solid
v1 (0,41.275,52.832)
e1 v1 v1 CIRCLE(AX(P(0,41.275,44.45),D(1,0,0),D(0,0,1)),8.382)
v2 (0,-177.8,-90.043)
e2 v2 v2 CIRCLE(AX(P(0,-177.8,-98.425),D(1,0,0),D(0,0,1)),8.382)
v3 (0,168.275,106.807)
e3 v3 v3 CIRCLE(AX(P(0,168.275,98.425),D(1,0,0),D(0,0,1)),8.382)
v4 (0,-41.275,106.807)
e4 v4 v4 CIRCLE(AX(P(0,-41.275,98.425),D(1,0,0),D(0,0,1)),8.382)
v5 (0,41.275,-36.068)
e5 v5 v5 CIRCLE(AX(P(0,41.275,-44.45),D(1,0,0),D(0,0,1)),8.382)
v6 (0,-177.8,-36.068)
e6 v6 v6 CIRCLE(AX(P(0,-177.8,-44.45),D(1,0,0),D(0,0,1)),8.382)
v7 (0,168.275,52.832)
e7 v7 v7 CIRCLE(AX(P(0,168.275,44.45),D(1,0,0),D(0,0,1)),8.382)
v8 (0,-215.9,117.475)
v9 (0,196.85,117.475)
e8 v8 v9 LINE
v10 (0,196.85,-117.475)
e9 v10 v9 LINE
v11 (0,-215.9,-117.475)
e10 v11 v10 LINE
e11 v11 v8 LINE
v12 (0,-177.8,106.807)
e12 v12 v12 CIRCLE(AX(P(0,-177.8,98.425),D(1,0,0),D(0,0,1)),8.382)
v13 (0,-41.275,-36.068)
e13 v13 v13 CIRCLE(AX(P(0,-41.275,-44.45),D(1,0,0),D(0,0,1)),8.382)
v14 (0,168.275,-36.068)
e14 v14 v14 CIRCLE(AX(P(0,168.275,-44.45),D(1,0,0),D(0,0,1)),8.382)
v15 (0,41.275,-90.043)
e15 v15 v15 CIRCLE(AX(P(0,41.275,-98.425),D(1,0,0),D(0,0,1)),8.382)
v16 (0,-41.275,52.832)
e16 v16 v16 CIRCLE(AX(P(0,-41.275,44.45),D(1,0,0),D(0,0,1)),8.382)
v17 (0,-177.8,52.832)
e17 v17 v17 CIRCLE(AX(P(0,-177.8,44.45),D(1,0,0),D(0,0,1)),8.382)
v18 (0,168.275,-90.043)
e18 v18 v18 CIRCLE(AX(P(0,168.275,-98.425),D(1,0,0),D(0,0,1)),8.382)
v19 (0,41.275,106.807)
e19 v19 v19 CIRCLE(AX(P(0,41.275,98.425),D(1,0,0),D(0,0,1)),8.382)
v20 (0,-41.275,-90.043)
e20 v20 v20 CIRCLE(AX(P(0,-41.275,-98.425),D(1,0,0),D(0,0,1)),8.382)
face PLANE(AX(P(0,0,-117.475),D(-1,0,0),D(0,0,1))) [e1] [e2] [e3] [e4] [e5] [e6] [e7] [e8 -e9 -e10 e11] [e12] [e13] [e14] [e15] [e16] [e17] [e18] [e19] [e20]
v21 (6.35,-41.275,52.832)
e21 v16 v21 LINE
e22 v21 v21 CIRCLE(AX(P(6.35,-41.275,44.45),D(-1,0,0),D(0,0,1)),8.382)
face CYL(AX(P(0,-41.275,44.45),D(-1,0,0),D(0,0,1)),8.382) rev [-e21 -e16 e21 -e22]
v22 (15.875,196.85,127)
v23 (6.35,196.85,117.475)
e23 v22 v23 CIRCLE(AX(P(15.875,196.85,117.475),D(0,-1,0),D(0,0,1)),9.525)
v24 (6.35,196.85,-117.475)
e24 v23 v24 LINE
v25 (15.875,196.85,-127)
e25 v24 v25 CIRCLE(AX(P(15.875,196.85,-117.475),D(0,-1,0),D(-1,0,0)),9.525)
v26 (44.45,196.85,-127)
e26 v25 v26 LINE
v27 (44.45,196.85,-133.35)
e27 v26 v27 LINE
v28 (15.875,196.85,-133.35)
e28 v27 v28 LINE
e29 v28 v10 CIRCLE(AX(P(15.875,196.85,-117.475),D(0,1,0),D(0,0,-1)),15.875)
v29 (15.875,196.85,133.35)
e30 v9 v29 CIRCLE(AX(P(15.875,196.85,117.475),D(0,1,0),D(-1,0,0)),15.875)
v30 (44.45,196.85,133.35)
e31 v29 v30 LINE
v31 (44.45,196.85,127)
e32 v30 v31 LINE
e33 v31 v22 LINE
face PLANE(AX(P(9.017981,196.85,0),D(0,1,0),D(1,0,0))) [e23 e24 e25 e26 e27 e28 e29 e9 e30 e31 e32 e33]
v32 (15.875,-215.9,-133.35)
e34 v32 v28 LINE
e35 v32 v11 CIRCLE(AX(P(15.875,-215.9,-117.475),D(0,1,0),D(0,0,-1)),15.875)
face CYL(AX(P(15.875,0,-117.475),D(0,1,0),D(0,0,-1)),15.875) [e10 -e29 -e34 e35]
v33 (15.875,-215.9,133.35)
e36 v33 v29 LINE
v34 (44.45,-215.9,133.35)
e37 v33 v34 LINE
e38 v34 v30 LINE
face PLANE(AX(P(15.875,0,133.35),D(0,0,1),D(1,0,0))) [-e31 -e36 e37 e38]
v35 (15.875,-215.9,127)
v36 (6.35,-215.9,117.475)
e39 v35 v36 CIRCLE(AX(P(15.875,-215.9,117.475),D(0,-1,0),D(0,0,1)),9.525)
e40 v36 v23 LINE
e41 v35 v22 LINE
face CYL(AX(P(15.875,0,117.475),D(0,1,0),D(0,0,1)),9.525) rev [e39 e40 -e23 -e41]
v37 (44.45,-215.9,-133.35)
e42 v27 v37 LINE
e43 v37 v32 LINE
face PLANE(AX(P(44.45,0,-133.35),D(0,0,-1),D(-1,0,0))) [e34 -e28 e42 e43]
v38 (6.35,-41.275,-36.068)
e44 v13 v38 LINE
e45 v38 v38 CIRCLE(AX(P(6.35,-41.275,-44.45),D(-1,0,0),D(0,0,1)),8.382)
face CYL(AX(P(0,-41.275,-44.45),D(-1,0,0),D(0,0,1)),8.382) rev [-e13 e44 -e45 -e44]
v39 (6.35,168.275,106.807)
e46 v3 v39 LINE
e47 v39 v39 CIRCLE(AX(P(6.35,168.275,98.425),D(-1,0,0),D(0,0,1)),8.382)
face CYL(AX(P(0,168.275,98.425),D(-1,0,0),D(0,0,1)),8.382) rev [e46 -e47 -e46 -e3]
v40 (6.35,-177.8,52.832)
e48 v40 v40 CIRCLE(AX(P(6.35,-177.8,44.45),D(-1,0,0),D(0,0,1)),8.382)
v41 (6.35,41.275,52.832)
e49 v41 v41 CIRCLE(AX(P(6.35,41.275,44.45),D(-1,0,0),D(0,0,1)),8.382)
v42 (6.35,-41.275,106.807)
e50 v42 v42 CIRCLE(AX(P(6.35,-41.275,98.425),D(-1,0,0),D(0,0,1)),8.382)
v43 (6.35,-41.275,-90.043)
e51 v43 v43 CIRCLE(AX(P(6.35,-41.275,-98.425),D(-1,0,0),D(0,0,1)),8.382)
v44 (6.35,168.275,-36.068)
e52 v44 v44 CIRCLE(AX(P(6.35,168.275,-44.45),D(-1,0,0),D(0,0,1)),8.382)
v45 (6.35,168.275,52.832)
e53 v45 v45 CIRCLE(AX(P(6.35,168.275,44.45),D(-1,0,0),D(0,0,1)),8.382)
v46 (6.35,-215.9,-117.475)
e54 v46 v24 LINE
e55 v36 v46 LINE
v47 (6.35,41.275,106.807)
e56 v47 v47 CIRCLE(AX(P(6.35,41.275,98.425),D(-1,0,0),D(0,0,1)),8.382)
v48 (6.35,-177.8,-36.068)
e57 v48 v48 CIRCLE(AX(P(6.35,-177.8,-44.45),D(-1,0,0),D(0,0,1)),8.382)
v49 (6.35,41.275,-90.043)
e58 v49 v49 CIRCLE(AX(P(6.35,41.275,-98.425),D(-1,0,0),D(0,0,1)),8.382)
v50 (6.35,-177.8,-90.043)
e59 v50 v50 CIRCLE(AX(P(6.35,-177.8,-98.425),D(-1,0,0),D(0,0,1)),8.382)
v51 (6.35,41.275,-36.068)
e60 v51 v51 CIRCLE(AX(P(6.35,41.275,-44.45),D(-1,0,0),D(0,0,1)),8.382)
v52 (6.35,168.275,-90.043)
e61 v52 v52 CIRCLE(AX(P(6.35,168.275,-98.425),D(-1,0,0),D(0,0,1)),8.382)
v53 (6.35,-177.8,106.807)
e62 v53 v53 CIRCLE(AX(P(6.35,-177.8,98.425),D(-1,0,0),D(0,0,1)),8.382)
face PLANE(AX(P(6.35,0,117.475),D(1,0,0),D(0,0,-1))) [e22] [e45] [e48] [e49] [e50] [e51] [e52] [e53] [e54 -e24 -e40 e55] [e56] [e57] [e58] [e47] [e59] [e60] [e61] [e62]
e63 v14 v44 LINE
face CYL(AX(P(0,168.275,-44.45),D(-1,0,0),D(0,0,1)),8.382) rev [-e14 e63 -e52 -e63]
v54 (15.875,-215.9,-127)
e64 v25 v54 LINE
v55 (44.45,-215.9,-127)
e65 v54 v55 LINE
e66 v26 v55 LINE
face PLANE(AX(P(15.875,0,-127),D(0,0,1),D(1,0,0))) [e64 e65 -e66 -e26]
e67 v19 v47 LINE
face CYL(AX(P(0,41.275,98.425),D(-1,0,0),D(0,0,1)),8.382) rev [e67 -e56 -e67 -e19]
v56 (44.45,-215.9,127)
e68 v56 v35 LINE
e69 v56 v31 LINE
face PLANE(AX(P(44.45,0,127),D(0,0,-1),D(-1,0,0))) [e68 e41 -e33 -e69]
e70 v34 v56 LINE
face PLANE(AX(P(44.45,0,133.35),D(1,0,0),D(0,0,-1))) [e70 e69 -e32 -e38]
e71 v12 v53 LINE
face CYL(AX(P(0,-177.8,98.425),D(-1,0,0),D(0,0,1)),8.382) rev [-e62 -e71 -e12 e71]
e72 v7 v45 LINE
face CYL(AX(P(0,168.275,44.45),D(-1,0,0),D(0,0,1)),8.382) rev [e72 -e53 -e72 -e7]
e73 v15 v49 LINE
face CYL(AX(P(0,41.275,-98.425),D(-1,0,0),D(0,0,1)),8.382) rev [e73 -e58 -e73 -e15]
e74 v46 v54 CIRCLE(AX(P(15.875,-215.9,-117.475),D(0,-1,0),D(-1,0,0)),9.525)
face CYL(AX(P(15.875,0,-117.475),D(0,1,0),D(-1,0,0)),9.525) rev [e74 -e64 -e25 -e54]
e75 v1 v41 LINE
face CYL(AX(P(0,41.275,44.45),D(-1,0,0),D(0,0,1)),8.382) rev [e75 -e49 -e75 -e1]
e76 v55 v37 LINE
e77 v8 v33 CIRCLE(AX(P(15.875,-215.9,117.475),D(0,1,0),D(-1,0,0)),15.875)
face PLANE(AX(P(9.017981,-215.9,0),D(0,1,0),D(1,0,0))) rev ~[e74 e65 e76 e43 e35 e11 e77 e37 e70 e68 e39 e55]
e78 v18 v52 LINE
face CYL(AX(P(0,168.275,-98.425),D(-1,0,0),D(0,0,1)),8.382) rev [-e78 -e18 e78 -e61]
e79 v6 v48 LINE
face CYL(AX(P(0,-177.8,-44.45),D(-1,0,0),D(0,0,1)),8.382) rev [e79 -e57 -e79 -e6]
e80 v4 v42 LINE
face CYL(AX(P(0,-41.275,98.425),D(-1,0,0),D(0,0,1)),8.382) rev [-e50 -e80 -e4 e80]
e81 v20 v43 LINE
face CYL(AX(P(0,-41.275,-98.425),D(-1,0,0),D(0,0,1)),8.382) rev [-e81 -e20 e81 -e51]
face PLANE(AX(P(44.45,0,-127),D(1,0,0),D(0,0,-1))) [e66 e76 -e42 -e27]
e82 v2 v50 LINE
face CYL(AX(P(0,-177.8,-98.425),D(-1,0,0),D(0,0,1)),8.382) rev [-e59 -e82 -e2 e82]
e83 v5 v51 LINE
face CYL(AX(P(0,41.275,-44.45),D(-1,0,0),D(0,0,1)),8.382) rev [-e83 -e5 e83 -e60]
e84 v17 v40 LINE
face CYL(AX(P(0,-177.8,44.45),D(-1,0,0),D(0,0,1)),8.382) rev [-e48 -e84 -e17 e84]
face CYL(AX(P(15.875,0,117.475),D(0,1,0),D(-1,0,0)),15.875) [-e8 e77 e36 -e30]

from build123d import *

# Parameters (mm, degrees)
BASE_EXTRUDE_THIN_DEPTH      = 196.85
BASE_EXTRUDE_THIN_DEPTH_BACK = 215.9
SKETCH3_R                    = 8.382
HOLES_DEPTH                  = 258.625377244


with BuildPart() as part:
    # Sketch1 → Base-Extrude-Thin (new, two sides)
    with BuildSketch(Plane(origin=(0, 0, 0), x_dir=(1, 0, 0), z_dir=(0, 1, 0))) as base_extrude_thin_sk:
        with BuildLine():
            Line((44.45, 133.35), (15.875, 133.35))
            ThreePointArc((15.875, 133.35), (4.649679849, 128.700320151), (0, 117.475))
            Line((0, 117.475), (0, 0))
            Line((0, 0), (0, -117.475))
            ThreePointArc((0, -117.475), (4.649679849, -128.700320151), (15.875, -133.35))
            Line((15.875, -133.35), (44.45, -133.35))
            Line((44.45, -133.35), (44.45, -127))
            Line((44.45, -127), (15.875, -127))
            ThreePointArc((15.875, -127), (9.139807909, -124.210192091), (6.35, -117.475))
            Line((6.35, -117.475), (6.35, 0))
            Line((6.35, 0), (6.35, 117.475))
            ThreePointArc((6.35, 117.475), (9.139807909, 124.210192091), (15.875, 127))
            Line((15.875, 127), (44.45, 127))
            Line((44.45, 127), (44.45, 133.35))
        make_face()
    extrude(amount=BASE_EXTRUDE_THIN_DEPTH)
    extrude(base_extrude_thin_sk.sketch, amount=-BASE_EXTRUDE_THIN_DEPTH_BACK)

    # Sketch3 (on Right Plane) → holes (cut, through all)
    with BuildSketch(Plane(origin=(0, 0, 0), x_dir=(0, 0, -1), z_dir=(1, 0, 0))):
        with Locations(Location((44.45, 168.275, 0), (0, 0, 180))):
            Circle(SKETCH3_R)
        with Locations(Location((44.45, 41.275, 0), (0, 0, 180))):
            Circle(SKETCH3_R)
        with Locations(Location((44.45, -41.275, 0), (0, 0, 180))):
            Circle(SKETCH3_R)
        with Locations(Location((44.45, -177.8, 0), (0, 0, 180))):
            Circle(SKETCH3_R)
        with Locations(Location((-44.45, -177.8, 0), (0, 0, 180))):
            Circle(SKETCH3_R)
        with Locations(Location((-98.425, -177.8, 0), (0, 0, 180))):
            Circle(SKETCH3_R)
        with Locations(Location((-98.425, -41.275, 0), (0, 0, 180))):
            Circle(SKETCH3_R)
        with Locations(Location((-44.45, -41.275, 0), (0, 0, 180))):
            Circle(SKETCH3_R)
        with Locations(Location((-44.45, 41.275, 0), (0, 0, 180))):
            Circle(SKETCH3_R)
        with Locations(Location((-98.425, 41.275, 0), (0, 0, 180))):
            Circle(SKETCH3_R)
        with Locations(Location((-98.425, 168.275, 0), (0, 0, 180))):
            Circle(SKETCH3_R)
        with Locations(Location((-44.45, 168.275, 0), (0, 0, 180))):
            Circle(SKETCH3_R)
        with Locations(Location((98.425, -177.8, 0), (0, 0, 180))):
            Circle(SKETCH3_R)
        with Locations(Location((98.425, -41.275, 0), (0, 0, 180))):
            Circle(SKETCH3_R)
        with Locations(Location((98.425, 41.275, 0), (0, 0, 180))):
            Circle(SKETCH3_R)
        with Locations(Location((98.425, 168.275, 0), (0, 0, 180))):
            Circle(SKETCH3_R)
    extrude(amount=HOLES_DEPTH, mode=Mode.SUBTRACT)


solid = part.part
